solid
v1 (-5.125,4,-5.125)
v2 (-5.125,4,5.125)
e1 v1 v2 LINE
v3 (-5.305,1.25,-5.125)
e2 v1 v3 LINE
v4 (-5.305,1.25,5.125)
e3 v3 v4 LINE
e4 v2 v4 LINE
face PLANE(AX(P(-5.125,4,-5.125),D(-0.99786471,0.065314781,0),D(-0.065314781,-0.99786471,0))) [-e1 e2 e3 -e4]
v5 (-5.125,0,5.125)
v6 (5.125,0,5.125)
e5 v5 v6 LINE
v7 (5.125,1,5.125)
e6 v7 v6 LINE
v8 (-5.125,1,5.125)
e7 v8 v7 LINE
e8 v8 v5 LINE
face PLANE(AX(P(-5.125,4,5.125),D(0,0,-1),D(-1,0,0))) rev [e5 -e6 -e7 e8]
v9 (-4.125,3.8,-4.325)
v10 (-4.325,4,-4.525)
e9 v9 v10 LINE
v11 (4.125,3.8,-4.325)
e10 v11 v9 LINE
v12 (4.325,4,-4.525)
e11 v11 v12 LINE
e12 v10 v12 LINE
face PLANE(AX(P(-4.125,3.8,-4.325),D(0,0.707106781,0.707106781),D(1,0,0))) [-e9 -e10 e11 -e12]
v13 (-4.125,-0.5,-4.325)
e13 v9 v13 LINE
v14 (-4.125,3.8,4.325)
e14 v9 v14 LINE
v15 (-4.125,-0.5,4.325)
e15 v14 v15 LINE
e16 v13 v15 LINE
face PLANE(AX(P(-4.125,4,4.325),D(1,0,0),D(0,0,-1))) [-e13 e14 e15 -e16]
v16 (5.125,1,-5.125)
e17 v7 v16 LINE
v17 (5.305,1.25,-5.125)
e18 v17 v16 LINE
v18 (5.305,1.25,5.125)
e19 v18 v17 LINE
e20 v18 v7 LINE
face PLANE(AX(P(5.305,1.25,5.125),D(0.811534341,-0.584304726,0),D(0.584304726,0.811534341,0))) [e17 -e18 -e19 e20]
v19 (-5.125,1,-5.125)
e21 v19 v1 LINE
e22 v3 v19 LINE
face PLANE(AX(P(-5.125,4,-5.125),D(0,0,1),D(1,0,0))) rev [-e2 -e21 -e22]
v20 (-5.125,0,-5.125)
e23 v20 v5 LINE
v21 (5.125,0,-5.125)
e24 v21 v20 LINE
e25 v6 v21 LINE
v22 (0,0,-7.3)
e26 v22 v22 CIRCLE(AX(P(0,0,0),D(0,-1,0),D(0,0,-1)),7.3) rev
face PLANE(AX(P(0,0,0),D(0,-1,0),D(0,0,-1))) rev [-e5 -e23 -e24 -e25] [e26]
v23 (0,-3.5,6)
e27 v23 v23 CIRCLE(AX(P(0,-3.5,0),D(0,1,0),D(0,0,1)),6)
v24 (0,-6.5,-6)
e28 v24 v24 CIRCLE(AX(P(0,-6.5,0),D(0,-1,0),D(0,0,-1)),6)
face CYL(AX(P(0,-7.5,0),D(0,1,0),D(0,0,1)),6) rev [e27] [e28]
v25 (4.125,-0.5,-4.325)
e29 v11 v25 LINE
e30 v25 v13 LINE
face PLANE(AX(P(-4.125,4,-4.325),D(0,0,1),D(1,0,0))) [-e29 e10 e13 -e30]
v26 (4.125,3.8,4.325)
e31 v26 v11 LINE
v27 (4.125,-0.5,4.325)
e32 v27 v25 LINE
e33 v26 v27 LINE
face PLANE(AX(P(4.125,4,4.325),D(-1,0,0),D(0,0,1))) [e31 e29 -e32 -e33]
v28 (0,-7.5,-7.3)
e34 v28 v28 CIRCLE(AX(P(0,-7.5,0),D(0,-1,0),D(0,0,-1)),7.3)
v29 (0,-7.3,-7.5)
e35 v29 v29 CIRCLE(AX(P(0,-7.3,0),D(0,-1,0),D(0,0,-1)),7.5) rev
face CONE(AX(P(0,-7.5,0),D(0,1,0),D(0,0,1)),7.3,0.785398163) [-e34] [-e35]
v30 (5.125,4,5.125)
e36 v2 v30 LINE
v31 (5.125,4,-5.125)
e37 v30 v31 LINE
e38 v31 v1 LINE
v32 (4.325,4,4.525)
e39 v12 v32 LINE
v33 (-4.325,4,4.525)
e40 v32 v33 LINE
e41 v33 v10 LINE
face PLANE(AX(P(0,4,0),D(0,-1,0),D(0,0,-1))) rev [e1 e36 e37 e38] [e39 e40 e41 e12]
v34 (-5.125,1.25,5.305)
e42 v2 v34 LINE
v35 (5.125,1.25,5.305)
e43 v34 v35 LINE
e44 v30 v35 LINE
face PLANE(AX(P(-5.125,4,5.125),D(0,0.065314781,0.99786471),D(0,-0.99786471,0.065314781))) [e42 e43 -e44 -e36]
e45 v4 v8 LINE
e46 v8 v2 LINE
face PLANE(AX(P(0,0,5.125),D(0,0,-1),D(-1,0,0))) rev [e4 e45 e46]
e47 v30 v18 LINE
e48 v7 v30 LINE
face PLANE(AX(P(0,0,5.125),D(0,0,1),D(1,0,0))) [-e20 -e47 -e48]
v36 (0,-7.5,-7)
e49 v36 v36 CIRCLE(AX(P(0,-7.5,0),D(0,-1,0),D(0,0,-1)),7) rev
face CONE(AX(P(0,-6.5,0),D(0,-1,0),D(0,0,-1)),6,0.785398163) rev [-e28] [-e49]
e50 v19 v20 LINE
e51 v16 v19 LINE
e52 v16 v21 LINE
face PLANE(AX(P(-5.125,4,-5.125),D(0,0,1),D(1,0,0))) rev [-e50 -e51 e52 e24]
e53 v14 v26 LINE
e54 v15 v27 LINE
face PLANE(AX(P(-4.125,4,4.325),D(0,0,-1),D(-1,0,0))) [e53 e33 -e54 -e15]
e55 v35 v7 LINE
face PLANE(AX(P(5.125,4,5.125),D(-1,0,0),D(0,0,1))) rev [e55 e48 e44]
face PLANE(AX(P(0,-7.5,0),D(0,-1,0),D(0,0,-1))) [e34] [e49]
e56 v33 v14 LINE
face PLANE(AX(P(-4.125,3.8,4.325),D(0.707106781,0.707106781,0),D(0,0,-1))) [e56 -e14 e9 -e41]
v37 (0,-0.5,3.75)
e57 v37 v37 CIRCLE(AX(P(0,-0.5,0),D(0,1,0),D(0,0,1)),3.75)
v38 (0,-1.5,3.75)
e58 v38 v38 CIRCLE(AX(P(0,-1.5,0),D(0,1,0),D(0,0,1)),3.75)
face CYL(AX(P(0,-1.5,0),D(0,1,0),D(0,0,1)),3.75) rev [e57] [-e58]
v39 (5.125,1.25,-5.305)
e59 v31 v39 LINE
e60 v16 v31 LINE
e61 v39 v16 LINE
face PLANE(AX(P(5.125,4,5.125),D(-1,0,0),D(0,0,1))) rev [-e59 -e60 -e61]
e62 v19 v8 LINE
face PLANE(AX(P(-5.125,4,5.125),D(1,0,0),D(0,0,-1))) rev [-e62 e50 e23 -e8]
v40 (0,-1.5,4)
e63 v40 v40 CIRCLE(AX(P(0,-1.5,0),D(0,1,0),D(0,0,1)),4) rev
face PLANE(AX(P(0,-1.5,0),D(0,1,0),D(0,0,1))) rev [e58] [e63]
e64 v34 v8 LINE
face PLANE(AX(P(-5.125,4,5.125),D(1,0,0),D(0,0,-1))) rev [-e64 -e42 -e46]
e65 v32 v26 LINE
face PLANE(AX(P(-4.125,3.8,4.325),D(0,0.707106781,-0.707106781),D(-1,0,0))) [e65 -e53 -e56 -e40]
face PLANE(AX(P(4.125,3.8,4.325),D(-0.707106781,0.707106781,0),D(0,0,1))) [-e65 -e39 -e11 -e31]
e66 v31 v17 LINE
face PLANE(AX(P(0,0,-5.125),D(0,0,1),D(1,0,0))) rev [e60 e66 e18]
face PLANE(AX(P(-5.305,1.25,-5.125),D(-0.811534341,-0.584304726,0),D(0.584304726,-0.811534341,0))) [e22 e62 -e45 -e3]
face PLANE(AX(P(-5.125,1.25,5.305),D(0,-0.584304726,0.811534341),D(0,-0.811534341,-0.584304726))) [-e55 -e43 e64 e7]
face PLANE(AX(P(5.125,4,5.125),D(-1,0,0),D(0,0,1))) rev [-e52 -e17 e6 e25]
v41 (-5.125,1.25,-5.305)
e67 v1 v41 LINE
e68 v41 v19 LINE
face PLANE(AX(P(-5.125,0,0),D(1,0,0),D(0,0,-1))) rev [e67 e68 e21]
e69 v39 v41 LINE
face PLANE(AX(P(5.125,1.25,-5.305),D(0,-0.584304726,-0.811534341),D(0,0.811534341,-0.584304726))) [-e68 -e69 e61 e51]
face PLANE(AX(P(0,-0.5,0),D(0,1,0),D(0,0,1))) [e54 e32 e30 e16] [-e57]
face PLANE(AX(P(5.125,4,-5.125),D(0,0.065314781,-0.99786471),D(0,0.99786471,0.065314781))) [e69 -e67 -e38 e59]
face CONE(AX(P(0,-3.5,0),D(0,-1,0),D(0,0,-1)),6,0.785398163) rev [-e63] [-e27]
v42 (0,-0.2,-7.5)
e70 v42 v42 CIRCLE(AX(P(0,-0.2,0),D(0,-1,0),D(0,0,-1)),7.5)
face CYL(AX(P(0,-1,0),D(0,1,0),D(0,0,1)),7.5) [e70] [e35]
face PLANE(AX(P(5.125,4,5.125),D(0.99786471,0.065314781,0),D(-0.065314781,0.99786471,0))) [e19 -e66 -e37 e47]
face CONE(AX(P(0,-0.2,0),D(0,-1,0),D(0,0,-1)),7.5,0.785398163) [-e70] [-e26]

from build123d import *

# Parameters (mm, degrees)
CROQUIS1_W              = 10.25
CROQUIS1_H              = 10.25
CROQUIS1_W_2            = 8.25
CROQUIS1_H_2            = 8.65
SALIENTE_EXTRUIR1_DEPTH = 4
SALIENTE_EXTRUIR2_DEPTH = 10.25
MATRIZC1_COUNT          = 4
CROQUIS3_R              = 7.5
CROQUIS3_W              = 8.25
CROQUIS3_H              = 8.65
SALIENTE_EXTRUIR3_DEPTH = 1
CROQUIS5_R              = 7.5
CROQUIS5_R_2            = 6
SALIENTE_EXTRUIR4_DEPTH = 6.5
CHAFL_N2_SIZE           = 0.2
CHAFL_N3_SIZE           = 1
SALIENTE_EXTRUIR5_START = -4.5
CROQUIS6_R              = 6
CROQUIS6_R_2            = 3.75
SALIENTE_EXTRUIR5_DEPTH = 1
CHAFL_N4_SIZE           = 2


with BuildPart() as part:
    # Croquis1 → Saliente-Extruir1 (new body)
    with BuildSketch(Plane(origin=(0, 0, 0), x_dir=(1, 0, 0), z_dir=(0, 1, 0))):
        Rectangle(CROQUIS1_W, CROQUIS1_H)
        Rectangle(CROQUIS1_W_2, CROQUIS1_H_2, mode=Mode.SUBTRACT)
    extrude(amount=SALIENTE_EXTRUIR1_DEPTH)

    # Croquis2 → Saliente-Extruir2 (add)
    with BuildSketch(Plane(origin=(5.125, 0, 0), x_dir=(0, 0, -1), z_dir=(1, 0, 0))):
        Polygon((-5.125, 4), (-5.305, 1.25), (-5.125, 1), align=None)
    saliente_extruir2 = extrude(amount=-SALIENTE_EXTRUIR2_DEPTH)

    # MatrizC1: Saliente-Extruir2 ×4 about axis
    matrizc1_axis = Axis((0, 3.15, 0), (0, -1, 0))
    for i in range(1, MATRIZC1_COUNT):
        add(saliente_extruir2.rotate(matrizc1_axis, i * 360 / MATRIZC1_COUNT))

    # Croquis3 → Saliente-Extruir3 (add)
    with BuildSketch(Plane.XZ):
        Circle(CROQUIS3_R)
        Rectangle(CROQUIS3_W, CROQUIS3_H, mode=Mode.SUBTRACT)
    extrude(amount=SALIENTE_EXTRUIR3_DEPTH)

    # Croquis5 → Saliente-Extruir4 (add)
    with BuildSketch(Plane.XZ.offset(1)):
        Circle(CROQUIS5_R)
        Circle(CROQUIS5_R_2, mode=Mode.SUBTRACT)
    extrude(amount=SALIENTE_EXTRUIR4_DEPTH)

    # Chaflán2
    chafl_n2_edges = [part.edges().sort_by_distance(p)[0] for p in [
        (-4.125, 4, 0),
        (0, 4, 4.325),
        (4.125, 4, 0),
        (0, 4, -4.325),
        (-7.5, 0, 0),
        (-7.5, -7.5, 0),
    ]]
    chamfer(chafl_n2_edges, length=CHAFL_N2_SIZE)

    # Chaflán3
    chafl_n3_edges = [part.edges().sort_by_distance(p)[0] for p in [
        (-6, -7.5, 0),
    ]]
    chamfer(chafl_n3_edges, length=CHAFL_N3_SIZE)

    # Croquis6 → Saliente-Extruir5 (add)
    with BuildSketch(Plane(origin=(0, 4, 0), x_dir=(1, 0, 0), z_dir=(0, 1, 0)).offset(SALIENTE_EXTRUIR5_START)):
        Circle(CROQUIS6_R)
        Circle(CROQUIS6_R_2, mode=Mode.SUBTRACT)
    extrude(amount=-SALIENTE_EXTRUIR5_DEPTH)

    # Chaflán4
    chafl_n4_edges = [part.edges().sort_by_distance(p)[0] for p in [
        (-6, -1.5, 0),
    ]]
    chamfer(chafl_n4_edges, length=CHAFL_N4_SIZE)


solid = part.part
